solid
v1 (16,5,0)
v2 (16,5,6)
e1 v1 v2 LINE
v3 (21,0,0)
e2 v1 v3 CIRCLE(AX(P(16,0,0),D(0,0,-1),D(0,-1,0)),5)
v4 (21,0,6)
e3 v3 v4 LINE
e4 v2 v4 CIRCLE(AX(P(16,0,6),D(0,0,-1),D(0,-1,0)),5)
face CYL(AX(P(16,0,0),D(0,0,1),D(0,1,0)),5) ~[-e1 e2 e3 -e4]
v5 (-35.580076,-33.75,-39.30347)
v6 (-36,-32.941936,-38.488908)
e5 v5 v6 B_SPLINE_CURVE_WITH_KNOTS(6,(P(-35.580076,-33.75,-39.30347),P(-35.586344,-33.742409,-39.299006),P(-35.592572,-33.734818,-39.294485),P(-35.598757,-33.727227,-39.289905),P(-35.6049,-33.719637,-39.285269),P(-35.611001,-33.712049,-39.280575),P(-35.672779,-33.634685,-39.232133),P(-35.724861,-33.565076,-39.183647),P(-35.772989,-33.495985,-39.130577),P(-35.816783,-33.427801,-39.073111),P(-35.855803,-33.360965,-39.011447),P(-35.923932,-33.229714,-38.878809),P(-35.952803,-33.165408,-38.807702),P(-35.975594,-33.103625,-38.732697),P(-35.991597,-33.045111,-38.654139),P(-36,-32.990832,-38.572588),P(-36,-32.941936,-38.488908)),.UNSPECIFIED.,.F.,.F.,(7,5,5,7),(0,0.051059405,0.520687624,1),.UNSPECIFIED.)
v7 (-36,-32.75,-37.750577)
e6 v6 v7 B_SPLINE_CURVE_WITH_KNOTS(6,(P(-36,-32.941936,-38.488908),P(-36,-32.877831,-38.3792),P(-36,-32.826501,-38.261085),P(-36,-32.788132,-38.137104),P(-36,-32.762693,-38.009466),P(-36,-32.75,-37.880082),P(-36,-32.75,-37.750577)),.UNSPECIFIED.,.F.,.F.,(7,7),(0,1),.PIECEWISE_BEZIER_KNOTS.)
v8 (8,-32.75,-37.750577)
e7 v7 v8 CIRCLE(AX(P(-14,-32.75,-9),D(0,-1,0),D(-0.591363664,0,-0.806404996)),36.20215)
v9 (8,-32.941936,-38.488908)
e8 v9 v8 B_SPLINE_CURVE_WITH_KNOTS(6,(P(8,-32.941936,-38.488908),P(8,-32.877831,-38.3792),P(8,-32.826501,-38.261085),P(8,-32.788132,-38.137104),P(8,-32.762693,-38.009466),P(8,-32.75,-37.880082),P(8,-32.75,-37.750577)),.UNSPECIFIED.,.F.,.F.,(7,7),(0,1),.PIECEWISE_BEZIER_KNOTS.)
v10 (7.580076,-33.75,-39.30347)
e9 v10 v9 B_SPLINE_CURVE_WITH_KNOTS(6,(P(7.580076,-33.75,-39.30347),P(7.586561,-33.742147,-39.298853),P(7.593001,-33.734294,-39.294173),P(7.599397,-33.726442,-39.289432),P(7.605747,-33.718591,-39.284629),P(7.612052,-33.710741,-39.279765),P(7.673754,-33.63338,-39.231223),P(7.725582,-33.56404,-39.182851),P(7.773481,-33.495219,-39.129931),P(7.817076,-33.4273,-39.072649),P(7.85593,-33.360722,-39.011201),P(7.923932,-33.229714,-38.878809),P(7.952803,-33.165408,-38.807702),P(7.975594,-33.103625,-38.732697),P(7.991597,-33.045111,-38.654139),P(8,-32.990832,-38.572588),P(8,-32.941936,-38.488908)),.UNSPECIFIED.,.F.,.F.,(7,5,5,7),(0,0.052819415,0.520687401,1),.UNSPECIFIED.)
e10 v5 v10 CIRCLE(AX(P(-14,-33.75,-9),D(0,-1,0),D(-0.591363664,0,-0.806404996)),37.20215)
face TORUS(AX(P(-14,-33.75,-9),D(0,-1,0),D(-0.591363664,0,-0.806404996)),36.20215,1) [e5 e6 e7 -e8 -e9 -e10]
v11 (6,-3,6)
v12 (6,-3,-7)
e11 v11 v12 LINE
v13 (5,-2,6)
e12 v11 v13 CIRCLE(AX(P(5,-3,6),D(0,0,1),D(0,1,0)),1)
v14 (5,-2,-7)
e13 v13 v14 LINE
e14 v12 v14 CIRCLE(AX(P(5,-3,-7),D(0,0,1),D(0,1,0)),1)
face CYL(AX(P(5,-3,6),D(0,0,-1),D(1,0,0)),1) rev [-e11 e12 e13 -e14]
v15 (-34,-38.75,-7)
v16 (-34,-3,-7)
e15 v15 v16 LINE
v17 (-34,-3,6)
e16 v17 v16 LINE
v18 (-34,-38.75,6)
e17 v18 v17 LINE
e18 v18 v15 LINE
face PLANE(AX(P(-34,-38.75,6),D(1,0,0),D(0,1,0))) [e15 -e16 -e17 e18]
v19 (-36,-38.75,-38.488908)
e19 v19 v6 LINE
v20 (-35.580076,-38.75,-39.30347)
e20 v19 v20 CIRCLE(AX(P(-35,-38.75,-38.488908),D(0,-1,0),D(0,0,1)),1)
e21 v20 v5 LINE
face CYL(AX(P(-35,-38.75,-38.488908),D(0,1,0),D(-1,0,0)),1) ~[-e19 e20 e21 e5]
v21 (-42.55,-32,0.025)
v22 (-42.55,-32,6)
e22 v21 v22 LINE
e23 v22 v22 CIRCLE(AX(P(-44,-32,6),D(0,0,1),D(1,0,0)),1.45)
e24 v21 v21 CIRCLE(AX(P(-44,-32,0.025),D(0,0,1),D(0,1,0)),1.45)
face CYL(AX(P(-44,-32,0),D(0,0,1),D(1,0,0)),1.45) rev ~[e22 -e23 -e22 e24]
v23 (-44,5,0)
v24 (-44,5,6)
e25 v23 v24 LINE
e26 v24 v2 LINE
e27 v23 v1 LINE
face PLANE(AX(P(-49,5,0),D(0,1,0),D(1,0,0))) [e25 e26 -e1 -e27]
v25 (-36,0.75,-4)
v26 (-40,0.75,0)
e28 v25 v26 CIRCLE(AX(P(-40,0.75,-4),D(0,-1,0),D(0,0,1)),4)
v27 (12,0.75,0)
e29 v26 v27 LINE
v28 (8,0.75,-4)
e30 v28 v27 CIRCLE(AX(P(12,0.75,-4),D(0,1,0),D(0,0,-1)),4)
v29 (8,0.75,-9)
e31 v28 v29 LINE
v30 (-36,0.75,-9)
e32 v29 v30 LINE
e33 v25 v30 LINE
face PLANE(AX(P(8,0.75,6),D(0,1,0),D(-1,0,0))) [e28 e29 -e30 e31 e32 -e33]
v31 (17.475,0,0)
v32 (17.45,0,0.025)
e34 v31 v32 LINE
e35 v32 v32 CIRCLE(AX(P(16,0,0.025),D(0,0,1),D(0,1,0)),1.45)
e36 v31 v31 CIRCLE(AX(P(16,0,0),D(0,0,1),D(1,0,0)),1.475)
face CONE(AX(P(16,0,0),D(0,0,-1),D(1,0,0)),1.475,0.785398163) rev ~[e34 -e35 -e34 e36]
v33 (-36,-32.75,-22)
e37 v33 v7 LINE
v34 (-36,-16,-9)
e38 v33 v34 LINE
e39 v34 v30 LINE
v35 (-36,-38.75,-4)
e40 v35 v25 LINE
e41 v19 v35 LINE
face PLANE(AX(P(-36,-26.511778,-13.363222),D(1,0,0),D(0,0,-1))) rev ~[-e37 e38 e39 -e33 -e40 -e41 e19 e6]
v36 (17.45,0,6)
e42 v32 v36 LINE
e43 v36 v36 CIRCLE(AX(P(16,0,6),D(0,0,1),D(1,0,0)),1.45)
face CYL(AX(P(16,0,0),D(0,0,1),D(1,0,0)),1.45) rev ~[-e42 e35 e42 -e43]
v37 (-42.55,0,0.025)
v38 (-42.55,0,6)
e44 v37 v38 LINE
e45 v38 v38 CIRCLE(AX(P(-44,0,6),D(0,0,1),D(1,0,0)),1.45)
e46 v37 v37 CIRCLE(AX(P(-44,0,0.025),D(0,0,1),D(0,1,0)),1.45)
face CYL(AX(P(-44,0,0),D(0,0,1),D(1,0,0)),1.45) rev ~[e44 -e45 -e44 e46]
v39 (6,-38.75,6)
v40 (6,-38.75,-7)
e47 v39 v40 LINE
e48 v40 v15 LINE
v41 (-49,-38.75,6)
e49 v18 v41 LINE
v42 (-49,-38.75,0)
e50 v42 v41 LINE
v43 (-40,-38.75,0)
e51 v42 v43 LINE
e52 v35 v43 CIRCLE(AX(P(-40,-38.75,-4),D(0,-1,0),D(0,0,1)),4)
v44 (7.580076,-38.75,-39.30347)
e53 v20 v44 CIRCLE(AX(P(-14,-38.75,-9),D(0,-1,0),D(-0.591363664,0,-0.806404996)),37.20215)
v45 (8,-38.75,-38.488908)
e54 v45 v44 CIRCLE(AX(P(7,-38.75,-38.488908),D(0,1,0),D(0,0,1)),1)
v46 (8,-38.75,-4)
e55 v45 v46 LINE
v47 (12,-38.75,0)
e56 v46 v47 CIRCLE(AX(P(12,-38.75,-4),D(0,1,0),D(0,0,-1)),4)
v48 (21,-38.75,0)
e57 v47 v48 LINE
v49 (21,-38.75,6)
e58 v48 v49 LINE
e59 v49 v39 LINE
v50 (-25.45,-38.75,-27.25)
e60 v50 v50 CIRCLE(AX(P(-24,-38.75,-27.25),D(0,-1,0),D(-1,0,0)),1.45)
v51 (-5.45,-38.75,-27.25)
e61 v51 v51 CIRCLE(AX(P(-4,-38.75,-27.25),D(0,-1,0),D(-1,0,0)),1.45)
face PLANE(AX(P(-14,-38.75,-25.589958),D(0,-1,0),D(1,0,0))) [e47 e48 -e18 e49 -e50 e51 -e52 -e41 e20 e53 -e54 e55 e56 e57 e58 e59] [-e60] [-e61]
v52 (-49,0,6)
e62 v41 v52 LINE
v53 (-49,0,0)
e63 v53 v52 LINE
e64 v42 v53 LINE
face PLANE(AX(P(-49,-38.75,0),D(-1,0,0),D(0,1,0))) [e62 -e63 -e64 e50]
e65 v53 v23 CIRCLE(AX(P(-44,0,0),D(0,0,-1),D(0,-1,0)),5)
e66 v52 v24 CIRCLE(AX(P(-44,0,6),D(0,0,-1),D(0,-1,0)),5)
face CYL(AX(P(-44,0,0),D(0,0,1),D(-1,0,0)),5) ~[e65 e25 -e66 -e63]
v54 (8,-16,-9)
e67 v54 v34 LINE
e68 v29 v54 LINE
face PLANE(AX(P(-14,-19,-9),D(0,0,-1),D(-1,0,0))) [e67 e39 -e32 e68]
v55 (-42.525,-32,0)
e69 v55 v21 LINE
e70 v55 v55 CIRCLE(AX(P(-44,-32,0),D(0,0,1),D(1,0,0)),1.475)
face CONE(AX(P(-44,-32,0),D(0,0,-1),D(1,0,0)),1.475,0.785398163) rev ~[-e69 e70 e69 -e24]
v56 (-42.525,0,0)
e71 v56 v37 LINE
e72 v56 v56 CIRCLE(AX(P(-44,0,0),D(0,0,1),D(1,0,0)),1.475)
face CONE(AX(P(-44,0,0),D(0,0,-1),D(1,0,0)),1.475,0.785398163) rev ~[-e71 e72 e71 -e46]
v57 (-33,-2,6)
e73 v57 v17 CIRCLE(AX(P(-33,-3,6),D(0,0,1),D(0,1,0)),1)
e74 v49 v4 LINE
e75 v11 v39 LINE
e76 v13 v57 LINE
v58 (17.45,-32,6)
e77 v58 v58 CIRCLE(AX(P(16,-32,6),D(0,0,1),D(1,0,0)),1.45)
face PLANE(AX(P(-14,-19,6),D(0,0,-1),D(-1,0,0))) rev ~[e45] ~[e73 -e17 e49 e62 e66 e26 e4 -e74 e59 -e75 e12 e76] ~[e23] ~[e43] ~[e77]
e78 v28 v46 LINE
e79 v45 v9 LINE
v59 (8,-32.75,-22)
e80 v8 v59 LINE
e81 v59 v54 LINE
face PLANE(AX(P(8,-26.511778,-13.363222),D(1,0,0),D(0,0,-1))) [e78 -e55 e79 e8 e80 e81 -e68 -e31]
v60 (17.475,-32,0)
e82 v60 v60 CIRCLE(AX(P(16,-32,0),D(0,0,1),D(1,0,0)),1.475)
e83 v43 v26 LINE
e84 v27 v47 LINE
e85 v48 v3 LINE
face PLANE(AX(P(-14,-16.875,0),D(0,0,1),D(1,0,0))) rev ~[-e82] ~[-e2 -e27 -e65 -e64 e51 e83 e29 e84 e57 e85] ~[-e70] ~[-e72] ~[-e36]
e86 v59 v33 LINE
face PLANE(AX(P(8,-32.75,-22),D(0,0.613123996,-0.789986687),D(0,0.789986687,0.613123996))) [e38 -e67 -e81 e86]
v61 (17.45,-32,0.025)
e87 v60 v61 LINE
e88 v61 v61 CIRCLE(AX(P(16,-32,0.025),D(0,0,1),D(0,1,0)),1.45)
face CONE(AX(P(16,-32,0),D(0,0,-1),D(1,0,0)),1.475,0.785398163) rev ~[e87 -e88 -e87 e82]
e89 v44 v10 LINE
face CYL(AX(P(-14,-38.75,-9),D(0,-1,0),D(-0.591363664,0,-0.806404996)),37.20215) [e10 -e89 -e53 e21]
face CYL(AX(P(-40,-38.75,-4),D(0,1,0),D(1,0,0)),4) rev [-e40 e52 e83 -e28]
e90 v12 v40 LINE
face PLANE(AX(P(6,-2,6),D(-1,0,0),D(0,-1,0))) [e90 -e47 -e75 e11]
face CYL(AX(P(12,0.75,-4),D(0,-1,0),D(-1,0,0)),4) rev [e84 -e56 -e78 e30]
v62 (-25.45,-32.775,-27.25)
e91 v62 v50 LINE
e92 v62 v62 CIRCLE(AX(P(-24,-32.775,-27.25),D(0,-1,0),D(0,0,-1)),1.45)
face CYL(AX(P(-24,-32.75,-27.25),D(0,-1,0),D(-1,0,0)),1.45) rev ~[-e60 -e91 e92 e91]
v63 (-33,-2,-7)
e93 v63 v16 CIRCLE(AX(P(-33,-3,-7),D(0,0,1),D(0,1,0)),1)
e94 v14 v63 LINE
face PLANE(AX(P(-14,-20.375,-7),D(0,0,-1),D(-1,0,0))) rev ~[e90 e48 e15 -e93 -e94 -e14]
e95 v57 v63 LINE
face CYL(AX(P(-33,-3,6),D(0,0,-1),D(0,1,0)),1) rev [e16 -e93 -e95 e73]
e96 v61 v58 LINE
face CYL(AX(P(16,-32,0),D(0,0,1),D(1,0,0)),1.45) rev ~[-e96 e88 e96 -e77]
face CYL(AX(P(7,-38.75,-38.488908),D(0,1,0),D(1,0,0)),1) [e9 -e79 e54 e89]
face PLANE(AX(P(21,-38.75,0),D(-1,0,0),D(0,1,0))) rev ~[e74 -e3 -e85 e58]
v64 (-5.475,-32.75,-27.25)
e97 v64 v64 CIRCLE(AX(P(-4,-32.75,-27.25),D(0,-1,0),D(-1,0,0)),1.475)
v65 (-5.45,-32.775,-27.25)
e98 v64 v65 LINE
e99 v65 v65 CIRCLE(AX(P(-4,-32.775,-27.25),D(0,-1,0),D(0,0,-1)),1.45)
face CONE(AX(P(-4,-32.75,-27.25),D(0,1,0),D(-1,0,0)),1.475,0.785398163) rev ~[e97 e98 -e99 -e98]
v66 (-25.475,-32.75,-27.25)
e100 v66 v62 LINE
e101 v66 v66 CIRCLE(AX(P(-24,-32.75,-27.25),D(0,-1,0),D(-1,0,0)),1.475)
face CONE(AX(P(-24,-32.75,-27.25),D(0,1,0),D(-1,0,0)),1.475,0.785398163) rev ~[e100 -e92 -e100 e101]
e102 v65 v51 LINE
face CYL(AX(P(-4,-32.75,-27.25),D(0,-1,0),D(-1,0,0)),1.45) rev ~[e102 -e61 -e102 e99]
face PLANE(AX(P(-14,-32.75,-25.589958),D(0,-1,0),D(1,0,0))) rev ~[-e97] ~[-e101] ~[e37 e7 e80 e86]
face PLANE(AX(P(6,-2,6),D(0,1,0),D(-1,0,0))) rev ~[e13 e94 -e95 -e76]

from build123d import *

# Parameters (mm, degrees)
SKETCH_1_W                     = 70
SKETCH_1_H                     = 43.75
EXTRUDE_1_DEPTH                = 6
EXTRUDE_2_DEPTH                = 15
CUT_EXTRUDE_1_DEPTH            = 13
EXTRUDE_4_DEPTH                = 6
EXTRUDE_5_DEPTH                = 44
FILLET_3_R                     = 1
FILLET_5_R                     = 4
FILLET_6_R                     = 1
FILLET_7_R                     = 5
HOLE_WIZARD_M2_5_1_D           = 2.9
HOLE_WIZARD_M2_5_1_CSINK_D     = 2.95
HOLE_WIZARD_M2_5_1_CSINK_ANGLE = 90
HOLE_WIZARD_M2_5_3_D           = 2.9
HOLE_WIZARD_M2_5_3_CSINK_D     = 2.95
HOLE_WIZARD_M2_5_3_CSINK_ANGLE = 90


with BuildPart() as part:
    # 草图1 → 凸台-拉伸1 (new body)
    with BuildSketch(Plane.XY):
        with Locations((-14, -16.875)):
            Rectangle(SKETCH_1_W, SKETCH_1_H)
    extrude(amount=EXTRUDE_1_DEPTH)

    # 草图2 → 凸台-拉伸2 (add)
    with BuildSketch(Plane.XY.offset(6)):
        Polygon((-13.907811237, 0.75), (8, 0.75), (8, -38.75), (-36, -38.75), (-36, 0.75), align=None)
    extrude(amount=-EXTRUDE_2_DEPTH)

    # 草图3 → 切除-拉伸1 (cut)
    with BuildSketch(Plane.XY.offset(6)):
        Polygon((-14, -2), (6, -2), (6, -38.75), (-34, -38.75), (-34, -2), align=None)
    extrude(amount=-CUT_EXTRUDE_1_DEPTH, mode=Mode.SUBTRACT)

    # 草图5 → 凸台-拉伸4 (add)
    with BuildSketch(Plane.XZ.offset(38.75)):
        with BuildLine():
            Line((-36, -9), (-36, -39))
            ThreePointArc((-36, -39), (-14, -46.202150475), (8, -39))
            Line((8, -39), (8, -9))
            Line((8, -9), (-36, -9))
        make_face()
    extrude(amount=-EXTRUDE_4_DEPTH)

    # 草图12 → 凸台-拉伸5 (add)
    with BuildSketch(Plane(origin=(8, 0, 0), x_dir=(0, 0, -1), z_dir=(1, 0, 0))):
        Polygon((9, -32.75), (22, -32.75), (9, -16), align=None)
    extrude(amount=-EXTRUDE_5_DEPTH)

    # 圆角3
    fillet_3_edges = [part.edges().sort_by_distance(p)[0] for p in [
        (-36, -35.75, -39),
        (-14, -32.75, -46.202150475),
        (8, -35.75, -39),
    ]]
    fillet(fillet_3_edges, radius=FILLET_3_R)

    # 圆角5
    fillet_5_edges = [part.edges().sort_by_distance(p)[0] for p in [
        (8, -19, 0),
        (-36, -19, 0),
    ]]
    fillet(fillet_5_edges, radius=FILLET_5_R)

    # 圆角6
    fillet_6_edges = [part.edges().sort_by_distance(p)[0] for p in [
        (6, -2, -0.5),
        (-34, -2, -0.5),
    ]]
    fillet(fillet_6_edges, radius=FILLET_6_R)

    # 圆角7
    fillet_7_edges = [part.edges().sort_by_distance(p)[0] for p in [
        (-49, 5, 3),
        (21, 5, 3),
    ]]
    fillet(fillet_7_edges, radius=FILLET_7_R)

    # M2.5 间隙孔1 (through all)
    with Locations(Plane(origin=(0, 0, 0), x_dir=(-1, 0, 0), z_dir=(0, 0, -1))):
        with Locations((-16, 0), (-16, -32), (44, -32), (44, 0)):
            CounterSinkHole(HOLE_WIZARD_M2_5_1_D / 2, HOLE_WIZARD_M2_5_1_CSINK_D / 2, counter_sink_angle=HOLE_WIZARD_M2_5_1_CSINK_ANGLE)

    # M2.5 间隙孔3 (through all)
    with Locations(Plane(origin=(0, -32.75, 0), x_dir=(1, 0, 0), z_dir=(0, 1, 0))):
        with Locations((-24, 27.25), (-4, 27.25)):
            CounterSinkHole(HOLE_WIZARD_M2_5_3_D / 2, HOLE_WIZARD_M2_5_3_CSINK_D / 2, counter_sink_angle=HOLE_WIZARD_M2_5_3_CSINK_ANGLE)


solid = part.part
